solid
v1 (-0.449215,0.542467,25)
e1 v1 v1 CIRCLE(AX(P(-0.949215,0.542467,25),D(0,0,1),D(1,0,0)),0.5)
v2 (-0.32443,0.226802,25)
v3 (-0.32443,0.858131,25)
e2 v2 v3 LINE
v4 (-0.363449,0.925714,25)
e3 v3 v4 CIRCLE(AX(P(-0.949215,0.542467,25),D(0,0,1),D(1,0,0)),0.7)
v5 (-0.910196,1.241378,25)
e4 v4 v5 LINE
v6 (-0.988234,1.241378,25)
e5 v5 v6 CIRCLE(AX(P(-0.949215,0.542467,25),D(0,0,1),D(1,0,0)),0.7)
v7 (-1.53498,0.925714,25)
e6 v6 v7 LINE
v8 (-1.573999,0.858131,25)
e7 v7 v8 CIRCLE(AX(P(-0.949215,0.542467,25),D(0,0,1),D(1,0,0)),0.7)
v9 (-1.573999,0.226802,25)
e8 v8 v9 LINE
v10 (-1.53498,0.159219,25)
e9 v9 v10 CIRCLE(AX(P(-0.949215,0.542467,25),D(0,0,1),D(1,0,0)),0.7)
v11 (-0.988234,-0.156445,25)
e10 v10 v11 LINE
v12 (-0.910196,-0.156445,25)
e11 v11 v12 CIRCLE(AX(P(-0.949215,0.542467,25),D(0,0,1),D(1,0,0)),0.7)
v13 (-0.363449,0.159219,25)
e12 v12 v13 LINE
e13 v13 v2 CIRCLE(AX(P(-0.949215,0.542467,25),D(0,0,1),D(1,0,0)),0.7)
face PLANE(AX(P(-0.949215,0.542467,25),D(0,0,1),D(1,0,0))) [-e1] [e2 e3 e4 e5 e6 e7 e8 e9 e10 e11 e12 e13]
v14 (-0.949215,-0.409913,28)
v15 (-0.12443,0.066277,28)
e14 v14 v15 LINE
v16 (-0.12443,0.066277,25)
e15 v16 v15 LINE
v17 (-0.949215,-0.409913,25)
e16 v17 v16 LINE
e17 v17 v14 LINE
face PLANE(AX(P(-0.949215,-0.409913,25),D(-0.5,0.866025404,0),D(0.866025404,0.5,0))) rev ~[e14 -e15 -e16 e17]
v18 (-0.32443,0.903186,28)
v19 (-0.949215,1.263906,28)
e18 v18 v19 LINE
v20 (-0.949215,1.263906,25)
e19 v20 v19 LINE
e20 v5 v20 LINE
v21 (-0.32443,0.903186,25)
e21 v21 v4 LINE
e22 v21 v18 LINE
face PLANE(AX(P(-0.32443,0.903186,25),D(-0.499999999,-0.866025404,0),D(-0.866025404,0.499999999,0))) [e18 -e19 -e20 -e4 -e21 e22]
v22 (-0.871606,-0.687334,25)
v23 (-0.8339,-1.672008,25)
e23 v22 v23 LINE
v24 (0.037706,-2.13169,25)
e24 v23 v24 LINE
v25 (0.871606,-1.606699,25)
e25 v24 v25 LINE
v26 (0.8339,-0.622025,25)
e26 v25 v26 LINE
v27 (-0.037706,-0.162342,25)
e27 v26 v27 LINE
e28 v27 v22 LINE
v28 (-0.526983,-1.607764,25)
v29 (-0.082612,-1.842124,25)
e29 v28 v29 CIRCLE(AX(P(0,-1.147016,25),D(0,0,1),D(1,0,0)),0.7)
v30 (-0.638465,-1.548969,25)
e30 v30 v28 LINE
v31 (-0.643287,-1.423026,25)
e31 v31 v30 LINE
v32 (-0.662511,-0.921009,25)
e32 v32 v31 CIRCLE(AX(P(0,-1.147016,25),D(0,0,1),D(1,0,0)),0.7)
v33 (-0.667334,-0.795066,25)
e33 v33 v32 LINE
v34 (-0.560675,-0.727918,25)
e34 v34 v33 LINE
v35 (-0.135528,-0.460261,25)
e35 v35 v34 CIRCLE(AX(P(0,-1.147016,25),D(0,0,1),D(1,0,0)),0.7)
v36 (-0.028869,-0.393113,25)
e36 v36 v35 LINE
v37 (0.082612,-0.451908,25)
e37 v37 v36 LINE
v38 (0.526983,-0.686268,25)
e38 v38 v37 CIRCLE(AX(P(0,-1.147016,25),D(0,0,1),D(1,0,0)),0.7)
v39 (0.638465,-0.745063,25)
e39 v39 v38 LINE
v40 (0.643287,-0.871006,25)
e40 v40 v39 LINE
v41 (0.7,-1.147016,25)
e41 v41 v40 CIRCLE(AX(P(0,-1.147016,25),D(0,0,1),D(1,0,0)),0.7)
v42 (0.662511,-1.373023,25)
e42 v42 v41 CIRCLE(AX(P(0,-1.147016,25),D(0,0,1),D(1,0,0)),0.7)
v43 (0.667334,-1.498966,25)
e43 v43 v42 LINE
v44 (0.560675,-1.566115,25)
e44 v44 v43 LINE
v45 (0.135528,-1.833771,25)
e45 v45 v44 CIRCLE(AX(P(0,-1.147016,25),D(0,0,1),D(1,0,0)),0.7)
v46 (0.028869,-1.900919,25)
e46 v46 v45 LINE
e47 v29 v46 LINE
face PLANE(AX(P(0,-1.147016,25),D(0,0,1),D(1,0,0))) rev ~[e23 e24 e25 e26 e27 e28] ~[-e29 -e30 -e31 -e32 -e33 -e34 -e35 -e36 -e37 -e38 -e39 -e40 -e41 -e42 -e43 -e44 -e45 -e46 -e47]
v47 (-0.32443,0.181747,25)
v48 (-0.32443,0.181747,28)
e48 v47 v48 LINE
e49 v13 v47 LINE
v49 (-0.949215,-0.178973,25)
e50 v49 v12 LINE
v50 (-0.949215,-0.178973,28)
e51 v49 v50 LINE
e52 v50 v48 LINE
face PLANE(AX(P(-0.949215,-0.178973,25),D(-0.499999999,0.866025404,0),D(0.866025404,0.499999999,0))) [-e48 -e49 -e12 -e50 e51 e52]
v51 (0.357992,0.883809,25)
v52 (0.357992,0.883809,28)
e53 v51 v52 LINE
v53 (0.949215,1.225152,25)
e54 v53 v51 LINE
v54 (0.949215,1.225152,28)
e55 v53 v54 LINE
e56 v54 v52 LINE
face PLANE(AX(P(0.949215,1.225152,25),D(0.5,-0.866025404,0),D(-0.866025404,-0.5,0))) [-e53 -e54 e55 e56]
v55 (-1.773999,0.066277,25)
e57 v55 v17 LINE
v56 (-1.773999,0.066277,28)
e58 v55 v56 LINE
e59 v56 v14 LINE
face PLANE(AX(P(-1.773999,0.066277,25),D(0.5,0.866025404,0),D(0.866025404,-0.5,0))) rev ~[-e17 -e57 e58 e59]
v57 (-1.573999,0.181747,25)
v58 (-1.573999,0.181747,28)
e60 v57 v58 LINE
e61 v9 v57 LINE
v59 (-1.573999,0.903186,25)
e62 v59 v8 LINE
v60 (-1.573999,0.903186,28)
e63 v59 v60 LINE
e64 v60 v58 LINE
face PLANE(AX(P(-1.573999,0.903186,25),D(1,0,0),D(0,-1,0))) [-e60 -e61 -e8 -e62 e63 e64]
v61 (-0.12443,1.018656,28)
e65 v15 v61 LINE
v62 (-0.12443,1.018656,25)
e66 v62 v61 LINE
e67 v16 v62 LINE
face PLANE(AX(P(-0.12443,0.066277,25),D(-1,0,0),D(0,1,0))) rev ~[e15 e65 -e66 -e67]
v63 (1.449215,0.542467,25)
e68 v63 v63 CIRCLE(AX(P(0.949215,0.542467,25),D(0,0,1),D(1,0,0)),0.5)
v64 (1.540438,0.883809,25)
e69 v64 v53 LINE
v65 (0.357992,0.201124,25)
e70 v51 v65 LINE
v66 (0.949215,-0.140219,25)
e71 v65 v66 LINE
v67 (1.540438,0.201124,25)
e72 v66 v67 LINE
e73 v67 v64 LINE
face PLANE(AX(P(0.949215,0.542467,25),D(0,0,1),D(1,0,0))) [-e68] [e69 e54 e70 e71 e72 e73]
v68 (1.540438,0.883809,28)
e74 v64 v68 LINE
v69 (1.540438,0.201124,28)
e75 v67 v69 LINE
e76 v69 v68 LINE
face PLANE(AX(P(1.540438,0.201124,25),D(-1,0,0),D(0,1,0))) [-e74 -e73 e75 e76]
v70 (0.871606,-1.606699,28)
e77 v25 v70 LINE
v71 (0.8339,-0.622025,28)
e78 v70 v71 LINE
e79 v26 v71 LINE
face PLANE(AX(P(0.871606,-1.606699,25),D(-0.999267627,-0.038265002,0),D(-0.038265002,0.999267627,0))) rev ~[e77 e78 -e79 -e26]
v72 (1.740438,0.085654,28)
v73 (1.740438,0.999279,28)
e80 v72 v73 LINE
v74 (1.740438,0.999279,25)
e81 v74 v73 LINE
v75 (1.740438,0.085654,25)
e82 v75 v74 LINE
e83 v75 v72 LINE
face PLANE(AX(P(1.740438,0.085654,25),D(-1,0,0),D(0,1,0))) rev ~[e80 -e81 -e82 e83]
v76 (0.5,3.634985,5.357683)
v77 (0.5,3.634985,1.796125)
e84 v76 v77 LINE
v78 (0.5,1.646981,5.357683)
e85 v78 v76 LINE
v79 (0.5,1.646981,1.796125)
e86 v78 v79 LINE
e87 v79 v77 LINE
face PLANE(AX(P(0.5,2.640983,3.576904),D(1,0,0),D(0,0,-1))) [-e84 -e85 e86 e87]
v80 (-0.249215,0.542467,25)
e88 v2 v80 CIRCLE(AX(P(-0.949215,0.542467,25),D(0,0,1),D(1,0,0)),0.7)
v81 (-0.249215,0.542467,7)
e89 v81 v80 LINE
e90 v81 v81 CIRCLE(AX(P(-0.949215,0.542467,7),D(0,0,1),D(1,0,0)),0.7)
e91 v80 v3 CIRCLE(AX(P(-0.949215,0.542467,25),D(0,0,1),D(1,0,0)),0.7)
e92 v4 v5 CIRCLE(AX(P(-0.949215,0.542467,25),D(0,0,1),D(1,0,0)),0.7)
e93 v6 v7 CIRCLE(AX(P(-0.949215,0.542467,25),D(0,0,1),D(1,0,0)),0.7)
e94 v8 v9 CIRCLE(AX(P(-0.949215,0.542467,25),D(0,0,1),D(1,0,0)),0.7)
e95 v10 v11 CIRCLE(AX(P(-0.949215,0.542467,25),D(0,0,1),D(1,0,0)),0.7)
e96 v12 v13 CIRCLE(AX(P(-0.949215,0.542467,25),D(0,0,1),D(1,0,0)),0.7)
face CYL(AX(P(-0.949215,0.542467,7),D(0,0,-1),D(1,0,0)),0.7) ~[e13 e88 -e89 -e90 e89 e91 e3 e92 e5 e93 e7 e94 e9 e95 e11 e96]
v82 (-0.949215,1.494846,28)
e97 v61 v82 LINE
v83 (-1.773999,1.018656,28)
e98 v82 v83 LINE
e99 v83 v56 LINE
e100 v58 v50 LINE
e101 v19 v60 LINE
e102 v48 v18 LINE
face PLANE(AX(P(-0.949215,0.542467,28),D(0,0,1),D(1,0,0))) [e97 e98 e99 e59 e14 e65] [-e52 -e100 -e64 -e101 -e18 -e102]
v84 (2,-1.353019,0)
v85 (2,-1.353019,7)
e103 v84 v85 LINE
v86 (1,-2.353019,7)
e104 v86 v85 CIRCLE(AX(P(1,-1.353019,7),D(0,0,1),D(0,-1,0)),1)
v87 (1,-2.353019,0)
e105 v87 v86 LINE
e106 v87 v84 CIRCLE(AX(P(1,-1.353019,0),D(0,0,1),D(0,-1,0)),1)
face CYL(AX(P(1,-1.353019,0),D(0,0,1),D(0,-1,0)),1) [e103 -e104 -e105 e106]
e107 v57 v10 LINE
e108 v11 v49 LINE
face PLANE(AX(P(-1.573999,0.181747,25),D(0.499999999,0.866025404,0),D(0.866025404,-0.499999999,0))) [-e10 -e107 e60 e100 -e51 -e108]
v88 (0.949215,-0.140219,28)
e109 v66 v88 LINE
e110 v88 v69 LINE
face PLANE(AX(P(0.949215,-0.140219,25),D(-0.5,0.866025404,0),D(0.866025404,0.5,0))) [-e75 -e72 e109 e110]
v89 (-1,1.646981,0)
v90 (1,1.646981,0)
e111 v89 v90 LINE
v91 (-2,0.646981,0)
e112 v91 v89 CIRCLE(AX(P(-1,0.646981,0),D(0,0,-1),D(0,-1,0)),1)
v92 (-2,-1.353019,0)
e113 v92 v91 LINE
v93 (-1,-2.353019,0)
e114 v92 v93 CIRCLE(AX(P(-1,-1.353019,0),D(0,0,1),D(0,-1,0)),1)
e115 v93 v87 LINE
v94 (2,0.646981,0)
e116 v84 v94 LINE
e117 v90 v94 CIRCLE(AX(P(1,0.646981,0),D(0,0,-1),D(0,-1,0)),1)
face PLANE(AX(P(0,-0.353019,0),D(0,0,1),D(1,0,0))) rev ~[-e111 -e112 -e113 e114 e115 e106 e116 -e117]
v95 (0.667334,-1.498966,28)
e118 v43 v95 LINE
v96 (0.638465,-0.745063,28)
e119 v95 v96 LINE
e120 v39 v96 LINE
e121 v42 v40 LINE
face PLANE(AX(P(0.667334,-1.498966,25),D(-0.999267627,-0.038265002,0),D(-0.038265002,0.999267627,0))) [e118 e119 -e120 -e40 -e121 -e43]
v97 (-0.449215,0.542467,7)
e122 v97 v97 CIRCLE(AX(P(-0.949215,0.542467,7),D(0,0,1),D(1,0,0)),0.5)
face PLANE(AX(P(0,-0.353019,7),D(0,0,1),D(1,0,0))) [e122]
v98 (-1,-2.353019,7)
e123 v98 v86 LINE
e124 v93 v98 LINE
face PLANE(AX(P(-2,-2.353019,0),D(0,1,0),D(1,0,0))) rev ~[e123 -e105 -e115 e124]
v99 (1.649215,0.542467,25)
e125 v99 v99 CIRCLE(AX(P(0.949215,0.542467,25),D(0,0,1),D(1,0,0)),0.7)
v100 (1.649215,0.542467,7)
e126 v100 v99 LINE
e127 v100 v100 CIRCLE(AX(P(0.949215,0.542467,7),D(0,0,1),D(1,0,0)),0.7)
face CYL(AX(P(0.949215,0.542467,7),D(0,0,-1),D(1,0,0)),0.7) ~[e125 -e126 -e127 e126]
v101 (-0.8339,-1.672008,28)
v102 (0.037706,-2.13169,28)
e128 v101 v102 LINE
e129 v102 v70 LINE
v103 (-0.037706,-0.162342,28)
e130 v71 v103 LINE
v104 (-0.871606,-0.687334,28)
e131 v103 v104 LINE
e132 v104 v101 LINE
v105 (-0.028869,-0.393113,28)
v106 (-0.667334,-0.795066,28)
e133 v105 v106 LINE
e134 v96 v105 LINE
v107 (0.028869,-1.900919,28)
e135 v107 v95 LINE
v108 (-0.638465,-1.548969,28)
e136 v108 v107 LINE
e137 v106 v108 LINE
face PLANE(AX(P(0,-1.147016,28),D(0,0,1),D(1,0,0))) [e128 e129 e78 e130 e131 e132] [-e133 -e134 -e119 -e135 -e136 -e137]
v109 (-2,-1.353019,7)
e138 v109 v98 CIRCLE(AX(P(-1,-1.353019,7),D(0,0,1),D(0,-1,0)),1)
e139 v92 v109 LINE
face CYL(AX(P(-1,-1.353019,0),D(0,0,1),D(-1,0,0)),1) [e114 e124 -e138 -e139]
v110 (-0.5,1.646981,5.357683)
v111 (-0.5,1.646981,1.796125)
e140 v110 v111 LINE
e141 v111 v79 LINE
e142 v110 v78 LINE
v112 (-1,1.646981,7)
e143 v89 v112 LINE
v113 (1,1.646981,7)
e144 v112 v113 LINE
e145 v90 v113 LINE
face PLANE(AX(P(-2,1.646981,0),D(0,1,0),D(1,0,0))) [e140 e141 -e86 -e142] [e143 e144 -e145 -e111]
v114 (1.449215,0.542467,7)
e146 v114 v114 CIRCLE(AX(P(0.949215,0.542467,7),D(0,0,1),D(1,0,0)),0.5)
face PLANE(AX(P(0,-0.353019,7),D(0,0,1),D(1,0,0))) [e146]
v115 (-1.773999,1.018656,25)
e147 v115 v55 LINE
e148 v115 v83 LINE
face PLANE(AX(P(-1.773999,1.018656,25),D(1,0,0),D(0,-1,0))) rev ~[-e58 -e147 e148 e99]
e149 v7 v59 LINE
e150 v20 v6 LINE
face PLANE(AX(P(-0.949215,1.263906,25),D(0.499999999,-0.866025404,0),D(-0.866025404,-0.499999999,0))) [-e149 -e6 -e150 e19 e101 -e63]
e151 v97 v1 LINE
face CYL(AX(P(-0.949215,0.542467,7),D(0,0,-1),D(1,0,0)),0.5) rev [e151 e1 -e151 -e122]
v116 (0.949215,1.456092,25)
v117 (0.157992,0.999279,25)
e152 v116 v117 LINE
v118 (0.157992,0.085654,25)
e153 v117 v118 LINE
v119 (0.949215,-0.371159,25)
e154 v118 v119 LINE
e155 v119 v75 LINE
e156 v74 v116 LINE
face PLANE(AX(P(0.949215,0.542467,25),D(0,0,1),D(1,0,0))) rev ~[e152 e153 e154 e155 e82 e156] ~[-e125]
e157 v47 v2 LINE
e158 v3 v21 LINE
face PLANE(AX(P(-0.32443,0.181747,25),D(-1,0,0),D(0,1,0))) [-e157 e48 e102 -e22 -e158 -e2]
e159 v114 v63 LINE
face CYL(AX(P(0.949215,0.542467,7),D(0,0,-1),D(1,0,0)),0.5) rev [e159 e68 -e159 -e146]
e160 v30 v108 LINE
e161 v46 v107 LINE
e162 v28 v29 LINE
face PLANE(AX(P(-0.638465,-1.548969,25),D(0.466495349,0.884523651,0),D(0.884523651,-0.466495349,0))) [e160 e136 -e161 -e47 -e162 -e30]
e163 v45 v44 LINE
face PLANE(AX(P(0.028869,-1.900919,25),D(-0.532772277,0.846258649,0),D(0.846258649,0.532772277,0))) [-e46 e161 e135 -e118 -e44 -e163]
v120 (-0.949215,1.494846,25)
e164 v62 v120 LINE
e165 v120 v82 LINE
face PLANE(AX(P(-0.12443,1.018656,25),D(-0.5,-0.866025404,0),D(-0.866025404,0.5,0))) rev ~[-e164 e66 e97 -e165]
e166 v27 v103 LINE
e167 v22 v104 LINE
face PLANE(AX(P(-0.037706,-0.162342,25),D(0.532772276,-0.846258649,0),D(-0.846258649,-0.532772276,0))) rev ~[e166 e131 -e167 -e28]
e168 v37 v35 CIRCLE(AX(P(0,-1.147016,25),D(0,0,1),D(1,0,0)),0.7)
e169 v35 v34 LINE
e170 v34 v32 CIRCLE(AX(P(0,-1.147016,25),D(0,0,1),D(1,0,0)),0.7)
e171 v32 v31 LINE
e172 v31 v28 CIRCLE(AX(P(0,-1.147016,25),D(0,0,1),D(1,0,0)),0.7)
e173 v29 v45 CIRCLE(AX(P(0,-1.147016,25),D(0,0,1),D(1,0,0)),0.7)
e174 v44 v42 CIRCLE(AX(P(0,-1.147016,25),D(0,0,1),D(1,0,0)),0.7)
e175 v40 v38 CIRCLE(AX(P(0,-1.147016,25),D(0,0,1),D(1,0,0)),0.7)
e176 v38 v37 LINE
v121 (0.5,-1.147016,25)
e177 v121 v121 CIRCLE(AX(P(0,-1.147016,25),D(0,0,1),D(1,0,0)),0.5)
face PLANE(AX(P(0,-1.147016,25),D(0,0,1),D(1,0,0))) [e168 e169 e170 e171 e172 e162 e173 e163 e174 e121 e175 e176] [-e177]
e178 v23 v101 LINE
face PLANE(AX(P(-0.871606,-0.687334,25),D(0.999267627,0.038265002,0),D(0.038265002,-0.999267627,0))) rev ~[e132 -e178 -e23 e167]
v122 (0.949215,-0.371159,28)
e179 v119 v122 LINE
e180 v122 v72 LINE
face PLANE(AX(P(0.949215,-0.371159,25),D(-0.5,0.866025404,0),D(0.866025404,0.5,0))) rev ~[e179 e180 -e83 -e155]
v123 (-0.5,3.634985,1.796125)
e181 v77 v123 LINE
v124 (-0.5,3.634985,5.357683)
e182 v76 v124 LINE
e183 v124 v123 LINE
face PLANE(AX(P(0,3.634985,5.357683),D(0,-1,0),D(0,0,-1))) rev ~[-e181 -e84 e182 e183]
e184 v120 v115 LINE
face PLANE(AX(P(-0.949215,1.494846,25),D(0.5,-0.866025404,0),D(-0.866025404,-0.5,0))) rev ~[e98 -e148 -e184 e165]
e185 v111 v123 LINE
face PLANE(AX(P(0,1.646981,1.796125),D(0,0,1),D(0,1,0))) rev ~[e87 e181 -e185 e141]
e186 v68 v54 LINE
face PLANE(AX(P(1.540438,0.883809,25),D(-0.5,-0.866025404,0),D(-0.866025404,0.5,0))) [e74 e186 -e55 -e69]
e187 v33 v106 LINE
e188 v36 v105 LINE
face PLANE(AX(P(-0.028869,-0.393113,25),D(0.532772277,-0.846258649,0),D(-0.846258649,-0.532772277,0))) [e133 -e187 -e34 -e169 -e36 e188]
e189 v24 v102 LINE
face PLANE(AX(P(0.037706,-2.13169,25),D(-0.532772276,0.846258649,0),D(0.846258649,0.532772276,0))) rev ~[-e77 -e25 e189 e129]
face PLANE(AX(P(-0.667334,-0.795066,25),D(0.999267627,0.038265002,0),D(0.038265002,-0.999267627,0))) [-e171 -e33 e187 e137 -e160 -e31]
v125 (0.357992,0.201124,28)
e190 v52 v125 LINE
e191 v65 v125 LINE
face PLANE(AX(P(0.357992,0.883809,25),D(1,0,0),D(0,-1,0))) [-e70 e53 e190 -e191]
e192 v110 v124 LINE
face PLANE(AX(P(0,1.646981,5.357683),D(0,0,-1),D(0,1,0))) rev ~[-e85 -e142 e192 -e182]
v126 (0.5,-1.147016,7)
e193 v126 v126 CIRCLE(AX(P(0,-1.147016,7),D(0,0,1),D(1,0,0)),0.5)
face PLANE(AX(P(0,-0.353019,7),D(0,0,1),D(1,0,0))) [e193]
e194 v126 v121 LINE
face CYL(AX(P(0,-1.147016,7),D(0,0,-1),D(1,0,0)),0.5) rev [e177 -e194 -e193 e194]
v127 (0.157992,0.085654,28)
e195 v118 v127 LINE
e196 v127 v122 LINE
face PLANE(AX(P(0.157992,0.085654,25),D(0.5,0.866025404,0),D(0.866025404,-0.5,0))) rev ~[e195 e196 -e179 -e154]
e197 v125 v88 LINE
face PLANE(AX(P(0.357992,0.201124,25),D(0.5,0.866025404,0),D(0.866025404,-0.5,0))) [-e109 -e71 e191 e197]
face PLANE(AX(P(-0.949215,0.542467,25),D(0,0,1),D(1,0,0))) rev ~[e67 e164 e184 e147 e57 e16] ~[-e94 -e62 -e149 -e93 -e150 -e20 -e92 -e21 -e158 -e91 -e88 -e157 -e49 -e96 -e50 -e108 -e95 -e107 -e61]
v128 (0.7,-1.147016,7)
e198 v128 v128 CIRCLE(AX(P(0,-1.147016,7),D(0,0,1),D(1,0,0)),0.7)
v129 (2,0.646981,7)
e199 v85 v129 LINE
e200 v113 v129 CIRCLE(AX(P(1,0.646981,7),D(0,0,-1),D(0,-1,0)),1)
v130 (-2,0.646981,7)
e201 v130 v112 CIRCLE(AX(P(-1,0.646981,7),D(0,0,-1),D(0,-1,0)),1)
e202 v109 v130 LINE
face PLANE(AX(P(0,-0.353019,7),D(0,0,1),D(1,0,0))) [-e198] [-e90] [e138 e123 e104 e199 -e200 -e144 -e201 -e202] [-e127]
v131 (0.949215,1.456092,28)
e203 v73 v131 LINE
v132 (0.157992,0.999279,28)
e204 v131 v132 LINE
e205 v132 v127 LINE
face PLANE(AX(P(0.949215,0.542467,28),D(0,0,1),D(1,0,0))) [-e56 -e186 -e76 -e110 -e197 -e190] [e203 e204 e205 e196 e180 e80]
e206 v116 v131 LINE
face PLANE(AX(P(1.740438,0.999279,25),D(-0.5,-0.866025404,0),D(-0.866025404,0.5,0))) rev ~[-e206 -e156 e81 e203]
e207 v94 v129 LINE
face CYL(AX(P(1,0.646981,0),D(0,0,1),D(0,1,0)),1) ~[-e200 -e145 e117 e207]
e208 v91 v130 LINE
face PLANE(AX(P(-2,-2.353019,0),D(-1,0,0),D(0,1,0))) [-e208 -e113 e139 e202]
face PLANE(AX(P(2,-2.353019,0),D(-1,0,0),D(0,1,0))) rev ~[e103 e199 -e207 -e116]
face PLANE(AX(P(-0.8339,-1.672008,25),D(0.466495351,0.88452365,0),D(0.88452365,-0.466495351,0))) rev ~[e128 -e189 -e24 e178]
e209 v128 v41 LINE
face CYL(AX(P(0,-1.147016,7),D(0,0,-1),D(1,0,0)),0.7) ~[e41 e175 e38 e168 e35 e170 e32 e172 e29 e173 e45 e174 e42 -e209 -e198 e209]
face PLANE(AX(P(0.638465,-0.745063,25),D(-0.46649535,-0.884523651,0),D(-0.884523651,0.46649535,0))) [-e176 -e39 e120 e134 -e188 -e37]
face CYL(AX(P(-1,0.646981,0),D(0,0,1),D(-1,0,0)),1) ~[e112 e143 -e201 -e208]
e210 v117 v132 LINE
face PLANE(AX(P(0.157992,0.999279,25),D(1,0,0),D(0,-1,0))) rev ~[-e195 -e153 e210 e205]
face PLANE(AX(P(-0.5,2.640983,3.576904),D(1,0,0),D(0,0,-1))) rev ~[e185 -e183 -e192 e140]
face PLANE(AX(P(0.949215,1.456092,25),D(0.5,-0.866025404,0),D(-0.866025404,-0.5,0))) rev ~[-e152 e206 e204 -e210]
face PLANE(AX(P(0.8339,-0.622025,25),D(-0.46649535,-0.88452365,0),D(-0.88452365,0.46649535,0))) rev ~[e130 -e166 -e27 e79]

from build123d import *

# Parameters (mm, degrees)
IZIM1_W                          = 4
IZIM1_H                          = 4
Y_KSEKLIK_EKSTR_ZYON1_DEPTH      = 7
RADYUS1_R                        = 1
RADYUS2_R                        = 1
RADYUS3_R                        = 1
RADYUS4_R                        = 1
IZIM3_R                          = 0.7
IZIM3_R_2                        = 0.5
EKSTR_ZYON_NCE1_DEPTH            = 18
IZIM6_W                          = 3.561558411
IZIM6_H                          = 1.988004136
Y_KSEKLIK_EKSTR_ZYON2_DEPTH      = 0.5
Y_KSEKLIK_EKSTR_ZYON2_DEPTH_BACK = 0.5
EKSTR_ZYON_NCE3_DEPTH            = 3


with BuildPart() as part:
    # Çizim1 → Yükseklik-Ekstrüzyon1 (new body)
    with BuildSketch(Plane.XY):
        with Locations((0, -0.353018955)):
            Rectangle(IZIM1_W, IZIM1_H)
    extrude(amount=Y_KSEKLIK_EKSTR_ZYON1_DEPTH)

    # Radyus1
    radyus1_edges = [part.edges().sort_by_distance(p)[0] for p in [
        (2, -2.353018955, 3.5),
    ]]
    fillet(radyus1_edges, radius=RADYUS1_R)

    # Radyus2
    radyus2_edges = [part.edges().sort_by_distance(p)[0] for p in [
        (-2, 1.646981045, 3.5),
    ]]
    fillet(radyus2_edges, radius=RADYUS2_R)

    # Radyus3
    radyus3_edges = [part.edges().sort_by_distance(p)[0] for p in [
        (2, 1.646981045, 3.5),
    ]]
    fillet(radyus3_edges, radius=RADYUS3_R)

    # Radyus4
    radyus4_edges = [part.edges().sort_by_distance(p)[0] for p in [
        (-2, -2.353018955, 3.5),
    ]]
    fillet(radyus4_edges, radius=RADYUS4_R)

    # Çizim3 → Ekstrüzyon-İnce1 (add)
    with BuildSketch(Plane.XY.offset(7)):
        with Locations((-0.949214627, 0.542466542)):
            Circle(IZIM3_R)
        with Locations((-0.949214627, 0.542466542)):
            Circle(IZIM3_R_2, mode=Mode.SUBTRACT)
        with Locations((0.949214627, 0.542466542)):
            Circle(IZIM3_R)
        with Locations((0.949214627, 0.542466542)):
            Circle(IZIM3_R_2, mode=Mode.SUBTRACT)
        with Locations((0, -1.147016096)):
            Circle(IZIM3_R)
        with Locations((0, -1.147016096)):
            Circle(IZIM3_R_2, mode=Mode.SUBTRACT)
    extrude(amount=EKSTR_ZYON_NCE1_DEPTH)

    # Çizim6 → Yükseklik-Ekstrüzyon2 (add, two sides)
    with BuildSketch(Plane(origin=(0, 0, 0), x_dir=(0, 0, -1), z_dir=(1, 0, 0))) as y_kseklik_ekstr_zyon2_sk:
        with Locations((-3.576903913, 2.640983113)):
            Rectangle(IZIM6_W, IZIM6_H)
    extrude(amount=Y_KSEKLIK_EKSTR_ZYON2_DEPTH)
    extrude(y_kseklik_ekstr_zyon2_sk.sketch, amount=-Y_KSEKLIK_EKSTR_ZYON2_DEPTH_BACK)

    # Çizim4 → Ekstrüzyon-İnce3 (add)
    with BuildSketch(Plane.XY.offset(25)):
        Polygon((-0.949214627, -0.409912915), (-0.124429823, 0.066276814), (-0.124429823, 1.018656271), (-0.949214627, 1.494845999), (-1.773999431, 1.018656271), (-1.773999431, 0.066276814), align=None)
        Polygon((-0.949214627, -0.178972807), (-0.324429823, 0.181746867), (-0.324429823, 0.903186217), (-0.949214627, 1.263905891), (-1.573999431, 0.903186217), (-1.573999431, 0.181746867), align=None, mode=Mode.SUBTRACT)
        Polygon((0.949214627, -0.371158962), (1.740437522, 0.08565379), (1.740437522, 0.999279294), (0.949214627, 1.456092046), (0.157991731, 0.999279294), (0.157991731, 0.08565379), align=None)
        Polygon((0.949214627, -0.140218854), (1.540437522, 0.201123844), (1.540437522, 0.88380924), (0.949214627, 1.225151938), (0.357991731, 0.88380924), (0.357991731, 0.201123844), align=None, mode=Mode.SUBTRACT)
        Polygon((0.871605884, -1.606698651), (0.833899712, -0.622024536), (-0.037706171, -0.162341981), (-0.871605884, -0.687333541), (-0.833899712, -1.672007655), (0.037706171, -2.131690211), align=None)
        Polygon((0.667333897, -1.498966164), (0.638464649, -0.745063023), (-0.028869248, -0.393112954), (-0.667333897, -0.795066027), (-0.638464649, -1.548969169), (0.028869248, -1.900919237), align=None, mode=Mode.SUBTRACT)
    extrude(amount=EKSTR_ZYON_NCE3_DEPTH)


solid = part.part
